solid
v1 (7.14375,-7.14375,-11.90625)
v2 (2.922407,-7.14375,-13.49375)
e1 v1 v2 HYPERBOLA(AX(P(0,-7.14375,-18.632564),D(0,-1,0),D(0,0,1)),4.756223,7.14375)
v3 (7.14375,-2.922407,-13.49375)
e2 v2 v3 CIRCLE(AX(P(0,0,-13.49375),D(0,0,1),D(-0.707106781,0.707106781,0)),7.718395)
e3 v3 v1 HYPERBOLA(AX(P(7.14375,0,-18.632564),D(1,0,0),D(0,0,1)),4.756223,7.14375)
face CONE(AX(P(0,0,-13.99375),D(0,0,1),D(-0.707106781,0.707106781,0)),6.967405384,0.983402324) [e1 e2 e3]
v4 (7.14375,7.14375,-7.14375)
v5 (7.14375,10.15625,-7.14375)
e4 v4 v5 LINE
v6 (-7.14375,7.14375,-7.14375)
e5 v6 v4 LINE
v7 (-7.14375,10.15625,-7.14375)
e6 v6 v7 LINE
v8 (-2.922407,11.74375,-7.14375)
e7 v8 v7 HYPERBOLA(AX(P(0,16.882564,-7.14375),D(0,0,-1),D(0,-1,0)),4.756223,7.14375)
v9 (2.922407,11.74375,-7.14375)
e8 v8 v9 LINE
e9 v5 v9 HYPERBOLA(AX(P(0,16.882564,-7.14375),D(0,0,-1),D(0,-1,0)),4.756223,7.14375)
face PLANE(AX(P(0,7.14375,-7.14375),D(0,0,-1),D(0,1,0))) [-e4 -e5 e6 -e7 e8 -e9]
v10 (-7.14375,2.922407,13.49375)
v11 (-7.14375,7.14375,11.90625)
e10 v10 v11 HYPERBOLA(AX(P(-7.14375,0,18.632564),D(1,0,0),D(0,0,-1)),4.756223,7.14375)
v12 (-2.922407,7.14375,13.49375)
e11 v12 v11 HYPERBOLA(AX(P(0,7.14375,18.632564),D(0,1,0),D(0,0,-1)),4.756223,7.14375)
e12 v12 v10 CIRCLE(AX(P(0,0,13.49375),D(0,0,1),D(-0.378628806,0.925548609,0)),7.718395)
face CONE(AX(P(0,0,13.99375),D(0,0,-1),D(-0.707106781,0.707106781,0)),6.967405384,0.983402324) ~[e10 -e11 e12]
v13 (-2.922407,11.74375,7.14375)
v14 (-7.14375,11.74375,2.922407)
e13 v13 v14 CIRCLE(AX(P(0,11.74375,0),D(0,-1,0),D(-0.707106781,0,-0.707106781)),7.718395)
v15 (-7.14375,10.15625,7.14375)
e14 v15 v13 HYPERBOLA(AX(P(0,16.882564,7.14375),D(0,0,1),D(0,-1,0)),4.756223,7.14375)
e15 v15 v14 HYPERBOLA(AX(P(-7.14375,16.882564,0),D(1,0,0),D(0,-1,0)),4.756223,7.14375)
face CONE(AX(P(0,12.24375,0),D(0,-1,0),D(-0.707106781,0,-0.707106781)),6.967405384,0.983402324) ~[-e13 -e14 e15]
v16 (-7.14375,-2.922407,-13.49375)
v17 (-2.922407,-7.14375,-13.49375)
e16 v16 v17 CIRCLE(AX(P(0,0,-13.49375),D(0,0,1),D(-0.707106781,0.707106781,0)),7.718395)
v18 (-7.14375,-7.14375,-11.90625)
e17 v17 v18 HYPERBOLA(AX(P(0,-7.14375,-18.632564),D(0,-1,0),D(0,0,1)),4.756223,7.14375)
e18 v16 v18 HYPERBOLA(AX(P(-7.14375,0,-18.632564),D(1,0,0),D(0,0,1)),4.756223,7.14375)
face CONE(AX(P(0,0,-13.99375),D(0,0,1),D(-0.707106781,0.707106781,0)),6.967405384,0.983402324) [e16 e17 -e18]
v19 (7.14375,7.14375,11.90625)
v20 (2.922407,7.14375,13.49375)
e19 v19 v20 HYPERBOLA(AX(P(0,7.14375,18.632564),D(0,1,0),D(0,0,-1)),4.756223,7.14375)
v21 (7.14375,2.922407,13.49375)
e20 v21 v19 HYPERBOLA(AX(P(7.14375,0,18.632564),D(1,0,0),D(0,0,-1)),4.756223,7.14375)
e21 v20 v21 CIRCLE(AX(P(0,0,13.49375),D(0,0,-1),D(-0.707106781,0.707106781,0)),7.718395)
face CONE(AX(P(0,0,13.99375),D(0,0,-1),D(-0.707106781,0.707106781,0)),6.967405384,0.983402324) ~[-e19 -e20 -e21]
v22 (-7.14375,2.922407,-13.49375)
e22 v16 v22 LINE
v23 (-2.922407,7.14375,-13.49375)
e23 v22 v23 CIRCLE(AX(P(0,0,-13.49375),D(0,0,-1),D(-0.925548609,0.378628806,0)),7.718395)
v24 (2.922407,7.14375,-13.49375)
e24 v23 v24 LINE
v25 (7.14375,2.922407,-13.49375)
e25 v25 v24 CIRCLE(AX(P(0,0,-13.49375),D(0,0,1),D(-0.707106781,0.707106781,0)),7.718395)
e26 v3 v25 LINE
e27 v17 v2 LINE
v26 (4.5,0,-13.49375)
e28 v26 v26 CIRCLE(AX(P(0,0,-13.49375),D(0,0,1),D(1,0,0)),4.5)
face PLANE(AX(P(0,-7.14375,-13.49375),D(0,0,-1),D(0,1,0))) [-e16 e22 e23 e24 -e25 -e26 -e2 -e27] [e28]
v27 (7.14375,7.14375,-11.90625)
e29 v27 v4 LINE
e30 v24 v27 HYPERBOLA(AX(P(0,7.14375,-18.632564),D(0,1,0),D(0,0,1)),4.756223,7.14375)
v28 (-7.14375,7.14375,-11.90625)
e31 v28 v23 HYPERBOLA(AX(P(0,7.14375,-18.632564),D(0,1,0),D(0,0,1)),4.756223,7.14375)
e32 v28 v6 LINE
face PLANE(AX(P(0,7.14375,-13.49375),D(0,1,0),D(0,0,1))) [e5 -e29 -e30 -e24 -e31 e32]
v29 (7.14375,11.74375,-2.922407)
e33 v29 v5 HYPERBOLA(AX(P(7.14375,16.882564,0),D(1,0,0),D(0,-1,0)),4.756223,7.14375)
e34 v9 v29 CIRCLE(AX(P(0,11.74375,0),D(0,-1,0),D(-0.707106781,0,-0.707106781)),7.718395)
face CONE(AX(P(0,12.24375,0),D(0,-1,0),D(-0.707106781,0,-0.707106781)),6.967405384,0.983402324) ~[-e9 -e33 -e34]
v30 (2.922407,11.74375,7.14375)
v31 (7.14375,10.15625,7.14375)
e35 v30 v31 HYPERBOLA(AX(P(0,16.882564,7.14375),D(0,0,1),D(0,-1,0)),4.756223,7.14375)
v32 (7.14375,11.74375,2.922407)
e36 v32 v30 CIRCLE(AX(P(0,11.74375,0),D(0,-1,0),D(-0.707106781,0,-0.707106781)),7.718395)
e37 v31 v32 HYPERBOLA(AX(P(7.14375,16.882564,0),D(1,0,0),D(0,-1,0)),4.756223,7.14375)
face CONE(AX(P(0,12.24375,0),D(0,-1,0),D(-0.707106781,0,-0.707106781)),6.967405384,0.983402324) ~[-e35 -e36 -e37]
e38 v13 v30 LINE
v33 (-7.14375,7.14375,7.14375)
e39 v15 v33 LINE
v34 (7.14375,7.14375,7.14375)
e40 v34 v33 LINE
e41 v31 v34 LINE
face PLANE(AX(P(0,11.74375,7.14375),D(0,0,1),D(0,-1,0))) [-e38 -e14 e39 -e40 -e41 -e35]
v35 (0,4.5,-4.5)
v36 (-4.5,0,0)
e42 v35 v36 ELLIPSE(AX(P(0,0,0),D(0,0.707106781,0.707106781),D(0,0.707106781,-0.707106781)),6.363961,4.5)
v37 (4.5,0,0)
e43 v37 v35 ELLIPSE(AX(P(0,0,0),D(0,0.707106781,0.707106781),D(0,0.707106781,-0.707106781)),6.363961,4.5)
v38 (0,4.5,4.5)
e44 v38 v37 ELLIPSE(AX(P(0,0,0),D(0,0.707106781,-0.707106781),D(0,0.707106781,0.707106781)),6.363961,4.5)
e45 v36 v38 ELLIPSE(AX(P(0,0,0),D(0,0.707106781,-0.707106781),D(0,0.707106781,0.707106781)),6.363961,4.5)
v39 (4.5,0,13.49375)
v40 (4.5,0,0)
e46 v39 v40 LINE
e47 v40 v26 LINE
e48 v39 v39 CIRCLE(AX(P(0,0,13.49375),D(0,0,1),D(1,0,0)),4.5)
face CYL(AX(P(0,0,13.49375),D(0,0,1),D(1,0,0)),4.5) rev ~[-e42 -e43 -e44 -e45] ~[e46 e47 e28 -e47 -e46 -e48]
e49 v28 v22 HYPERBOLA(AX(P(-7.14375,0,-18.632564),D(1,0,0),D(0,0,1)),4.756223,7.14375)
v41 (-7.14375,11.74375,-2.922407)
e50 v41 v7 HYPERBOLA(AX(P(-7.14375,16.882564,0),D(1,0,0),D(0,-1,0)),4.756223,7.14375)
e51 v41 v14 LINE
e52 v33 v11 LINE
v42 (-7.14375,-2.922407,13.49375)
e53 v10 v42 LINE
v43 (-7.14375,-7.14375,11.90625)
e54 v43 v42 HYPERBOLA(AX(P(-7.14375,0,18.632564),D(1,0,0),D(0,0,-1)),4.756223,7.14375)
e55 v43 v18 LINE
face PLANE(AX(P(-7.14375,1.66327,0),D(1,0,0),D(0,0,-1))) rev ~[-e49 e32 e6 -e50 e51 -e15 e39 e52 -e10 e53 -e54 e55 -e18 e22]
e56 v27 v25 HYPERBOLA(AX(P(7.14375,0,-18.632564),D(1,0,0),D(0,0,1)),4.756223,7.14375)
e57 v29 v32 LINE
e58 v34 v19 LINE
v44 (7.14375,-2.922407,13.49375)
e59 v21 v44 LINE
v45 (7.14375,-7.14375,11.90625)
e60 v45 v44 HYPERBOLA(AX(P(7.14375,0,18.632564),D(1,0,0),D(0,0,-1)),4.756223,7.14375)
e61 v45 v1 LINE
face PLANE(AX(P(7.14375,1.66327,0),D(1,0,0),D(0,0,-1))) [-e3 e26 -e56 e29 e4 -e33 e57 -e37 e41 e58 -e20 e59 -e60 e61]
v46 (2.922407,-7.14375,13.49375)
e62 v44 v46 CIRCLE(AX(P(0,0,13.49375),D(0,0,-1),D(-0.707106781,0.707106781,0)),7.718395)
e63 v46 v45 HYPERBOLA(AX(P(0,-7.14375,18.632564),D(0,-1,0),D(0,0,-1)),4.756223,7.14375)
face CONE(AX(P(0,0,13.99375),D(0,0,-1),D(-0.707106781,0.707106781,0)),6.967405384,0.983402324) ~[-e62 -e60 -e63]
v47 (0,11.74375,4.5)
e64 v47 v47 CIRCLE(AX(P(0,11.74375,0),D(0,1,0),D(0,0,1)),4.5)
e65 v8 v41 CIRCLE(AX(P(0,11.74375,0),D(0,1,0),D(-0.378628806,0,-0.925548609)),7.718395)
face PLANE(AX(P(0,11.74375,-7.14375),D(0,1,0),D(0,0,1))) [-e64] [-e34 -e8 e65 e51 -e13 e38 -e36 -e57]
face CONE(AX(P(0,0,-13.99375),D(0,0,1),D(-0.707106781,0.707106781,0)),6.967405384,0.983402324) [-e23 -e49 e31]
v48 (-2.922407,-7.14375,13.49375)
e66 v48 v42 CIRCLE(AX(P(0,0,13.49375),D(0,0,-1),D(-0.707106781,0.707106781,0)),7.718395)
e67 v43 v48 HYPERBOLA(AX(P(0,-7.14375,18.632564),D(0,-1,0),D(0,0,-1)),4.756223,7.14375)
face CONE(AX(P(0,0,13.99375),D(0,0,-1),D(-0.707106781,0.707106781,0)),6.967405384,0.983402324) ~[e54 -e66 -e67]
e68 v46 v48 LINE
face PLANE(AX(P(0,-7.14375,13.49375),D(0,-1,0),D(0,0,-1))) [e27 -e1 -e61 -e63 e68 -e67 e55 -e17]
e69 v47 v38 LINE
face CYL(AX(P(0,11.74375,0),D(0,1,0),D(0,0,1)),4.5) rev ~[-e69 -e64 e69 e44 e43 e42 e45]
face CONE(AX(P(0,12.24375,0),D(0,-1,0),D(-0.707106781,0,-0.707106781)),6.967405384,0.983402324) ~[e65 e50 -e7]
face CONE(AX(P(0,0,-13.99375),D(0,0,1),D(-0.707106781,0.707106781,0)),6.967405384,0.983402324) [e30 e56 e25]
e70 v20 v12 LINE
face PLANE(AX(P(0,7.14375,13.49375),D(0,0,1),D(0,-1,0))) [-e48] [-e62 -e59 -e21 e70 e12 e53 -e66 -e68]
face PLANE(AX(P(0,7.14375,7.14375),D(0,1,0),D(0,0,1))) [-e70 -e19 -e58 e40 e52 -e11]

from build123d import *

# Parameters (mm, degrees)
BOSS_EXTRUDE1_DEPTH     = 7.14375
SKETCH2_R               = 4.5
CUT_EXTRUDE1_DEPTH      = 31.286531402
CUT_EXTRUDE2_REACH      = 26.287
CUT_EXTRUDE2_END_RADIUS = 4.5
SKETCH3_R               = 4.5


with BuildPart() as part:
    # Sketch1 → Boss-Extrude1 (new, symmetric)
    with BuildSketch(Plane(origin=(0, 0, 0), x_dir=(0, 0, -1), z_dir=(1, 0, 0))):
        Polygon((-13.49375, -7.14375), (13.49375, -7.14375), (13.49375, 7.14375), (7.14375, 7.14375), (7.14375, 11.74375), (-7.14375, 11.74375), (-7.14375, 7.14375), (-13.49375, 7.14375), align=None)
    extrude(amount=BOSS_EXTRUDE1_DEPTH, both=True)

    # Sketch2 → Cut-Extrude1 (cut, through all)
    with BuildSketch(Plane.XY.offset(13.49375)):
        Circle(SKETCH2_R)
    extrude(amount=-CUT_EXTRUDE1_DEPTH, mode=Mode.SUBTRACT)

    # Cut-Extrude2: up to this cylinder (the profile starts outside it)
    cut_extrude2_end = Plane(origin=(0, 0, 0), z_dir=(0, 0, 1)) * Cylinder(CUT_EXTRUDE2_END_RADIUS, 62.574, mode=Mode.PRIVATE)
    # Sketch3 → Cut-Extrude2 (cut, up to the surface)
    with BuildSketch(Plane(origin=(0, 11.74375, 0), x_dir=(1, 0, 0), z_dir=(0, 1, 0)), mode=Mode.PRIVATE) as cut_extrude2_sk1:
        with Locations(Location((0, 0, 0), (0, 0, 270))):
            Circle(SKETCH3_R)
    cut_extrude2_tool1 = extrude(cut_extrude2_sk1.sketch, amount=-CUT_EXTRUDE2_REACH, mode=Mode.PRIVATE) - cut_extrude2_end
    add(cut_extrude2_tool1.solids().sort_by_distance((0, 11.74375, 0))[0], mode=Mode.SUBTRACT)

    # Sketch4 → Cut-Revolve1 (revolve, cut)
    with BuildSketch(Plane(origin=(0, 0, 0), x_dir=(0, 0, -1), z_dir=(0.7071067811865476, 0.7071067811865475, 0))):
        Polygon((13.49375, 10.102788136), (13.99375, 6.967405384), (11.90625, 10.102788136), align=None)
        Polygon((-13.49375, 10.102788136), (-13.99375, 6.967405384), (-11.90625, 10.102788136), align=None)
    revolve(axis=Axis((0, 0, -13.49375), (0, 0, 1)), mode=Mode.SUBTRACT)

    # Sketch5 → Cut-Revolve2 (revolve, cut)
    with BuildSketch(Plane(origin=(0, 0, 0), x_dir=(-0.7071067811865476, 0, -0.7071067811865475), z_dir=(0.7071067811865475, 0, -0.7071067811865476))):
        Polygon((10.102788136, 11.74375), (6.967405384, 12.24375), (10.102788136, 10.15625), align=None)
    revolve(axis=Axis((0, 0, 0), (0, 1, 0)), mode=Mode.SUBTRACT)


solid = part.part
